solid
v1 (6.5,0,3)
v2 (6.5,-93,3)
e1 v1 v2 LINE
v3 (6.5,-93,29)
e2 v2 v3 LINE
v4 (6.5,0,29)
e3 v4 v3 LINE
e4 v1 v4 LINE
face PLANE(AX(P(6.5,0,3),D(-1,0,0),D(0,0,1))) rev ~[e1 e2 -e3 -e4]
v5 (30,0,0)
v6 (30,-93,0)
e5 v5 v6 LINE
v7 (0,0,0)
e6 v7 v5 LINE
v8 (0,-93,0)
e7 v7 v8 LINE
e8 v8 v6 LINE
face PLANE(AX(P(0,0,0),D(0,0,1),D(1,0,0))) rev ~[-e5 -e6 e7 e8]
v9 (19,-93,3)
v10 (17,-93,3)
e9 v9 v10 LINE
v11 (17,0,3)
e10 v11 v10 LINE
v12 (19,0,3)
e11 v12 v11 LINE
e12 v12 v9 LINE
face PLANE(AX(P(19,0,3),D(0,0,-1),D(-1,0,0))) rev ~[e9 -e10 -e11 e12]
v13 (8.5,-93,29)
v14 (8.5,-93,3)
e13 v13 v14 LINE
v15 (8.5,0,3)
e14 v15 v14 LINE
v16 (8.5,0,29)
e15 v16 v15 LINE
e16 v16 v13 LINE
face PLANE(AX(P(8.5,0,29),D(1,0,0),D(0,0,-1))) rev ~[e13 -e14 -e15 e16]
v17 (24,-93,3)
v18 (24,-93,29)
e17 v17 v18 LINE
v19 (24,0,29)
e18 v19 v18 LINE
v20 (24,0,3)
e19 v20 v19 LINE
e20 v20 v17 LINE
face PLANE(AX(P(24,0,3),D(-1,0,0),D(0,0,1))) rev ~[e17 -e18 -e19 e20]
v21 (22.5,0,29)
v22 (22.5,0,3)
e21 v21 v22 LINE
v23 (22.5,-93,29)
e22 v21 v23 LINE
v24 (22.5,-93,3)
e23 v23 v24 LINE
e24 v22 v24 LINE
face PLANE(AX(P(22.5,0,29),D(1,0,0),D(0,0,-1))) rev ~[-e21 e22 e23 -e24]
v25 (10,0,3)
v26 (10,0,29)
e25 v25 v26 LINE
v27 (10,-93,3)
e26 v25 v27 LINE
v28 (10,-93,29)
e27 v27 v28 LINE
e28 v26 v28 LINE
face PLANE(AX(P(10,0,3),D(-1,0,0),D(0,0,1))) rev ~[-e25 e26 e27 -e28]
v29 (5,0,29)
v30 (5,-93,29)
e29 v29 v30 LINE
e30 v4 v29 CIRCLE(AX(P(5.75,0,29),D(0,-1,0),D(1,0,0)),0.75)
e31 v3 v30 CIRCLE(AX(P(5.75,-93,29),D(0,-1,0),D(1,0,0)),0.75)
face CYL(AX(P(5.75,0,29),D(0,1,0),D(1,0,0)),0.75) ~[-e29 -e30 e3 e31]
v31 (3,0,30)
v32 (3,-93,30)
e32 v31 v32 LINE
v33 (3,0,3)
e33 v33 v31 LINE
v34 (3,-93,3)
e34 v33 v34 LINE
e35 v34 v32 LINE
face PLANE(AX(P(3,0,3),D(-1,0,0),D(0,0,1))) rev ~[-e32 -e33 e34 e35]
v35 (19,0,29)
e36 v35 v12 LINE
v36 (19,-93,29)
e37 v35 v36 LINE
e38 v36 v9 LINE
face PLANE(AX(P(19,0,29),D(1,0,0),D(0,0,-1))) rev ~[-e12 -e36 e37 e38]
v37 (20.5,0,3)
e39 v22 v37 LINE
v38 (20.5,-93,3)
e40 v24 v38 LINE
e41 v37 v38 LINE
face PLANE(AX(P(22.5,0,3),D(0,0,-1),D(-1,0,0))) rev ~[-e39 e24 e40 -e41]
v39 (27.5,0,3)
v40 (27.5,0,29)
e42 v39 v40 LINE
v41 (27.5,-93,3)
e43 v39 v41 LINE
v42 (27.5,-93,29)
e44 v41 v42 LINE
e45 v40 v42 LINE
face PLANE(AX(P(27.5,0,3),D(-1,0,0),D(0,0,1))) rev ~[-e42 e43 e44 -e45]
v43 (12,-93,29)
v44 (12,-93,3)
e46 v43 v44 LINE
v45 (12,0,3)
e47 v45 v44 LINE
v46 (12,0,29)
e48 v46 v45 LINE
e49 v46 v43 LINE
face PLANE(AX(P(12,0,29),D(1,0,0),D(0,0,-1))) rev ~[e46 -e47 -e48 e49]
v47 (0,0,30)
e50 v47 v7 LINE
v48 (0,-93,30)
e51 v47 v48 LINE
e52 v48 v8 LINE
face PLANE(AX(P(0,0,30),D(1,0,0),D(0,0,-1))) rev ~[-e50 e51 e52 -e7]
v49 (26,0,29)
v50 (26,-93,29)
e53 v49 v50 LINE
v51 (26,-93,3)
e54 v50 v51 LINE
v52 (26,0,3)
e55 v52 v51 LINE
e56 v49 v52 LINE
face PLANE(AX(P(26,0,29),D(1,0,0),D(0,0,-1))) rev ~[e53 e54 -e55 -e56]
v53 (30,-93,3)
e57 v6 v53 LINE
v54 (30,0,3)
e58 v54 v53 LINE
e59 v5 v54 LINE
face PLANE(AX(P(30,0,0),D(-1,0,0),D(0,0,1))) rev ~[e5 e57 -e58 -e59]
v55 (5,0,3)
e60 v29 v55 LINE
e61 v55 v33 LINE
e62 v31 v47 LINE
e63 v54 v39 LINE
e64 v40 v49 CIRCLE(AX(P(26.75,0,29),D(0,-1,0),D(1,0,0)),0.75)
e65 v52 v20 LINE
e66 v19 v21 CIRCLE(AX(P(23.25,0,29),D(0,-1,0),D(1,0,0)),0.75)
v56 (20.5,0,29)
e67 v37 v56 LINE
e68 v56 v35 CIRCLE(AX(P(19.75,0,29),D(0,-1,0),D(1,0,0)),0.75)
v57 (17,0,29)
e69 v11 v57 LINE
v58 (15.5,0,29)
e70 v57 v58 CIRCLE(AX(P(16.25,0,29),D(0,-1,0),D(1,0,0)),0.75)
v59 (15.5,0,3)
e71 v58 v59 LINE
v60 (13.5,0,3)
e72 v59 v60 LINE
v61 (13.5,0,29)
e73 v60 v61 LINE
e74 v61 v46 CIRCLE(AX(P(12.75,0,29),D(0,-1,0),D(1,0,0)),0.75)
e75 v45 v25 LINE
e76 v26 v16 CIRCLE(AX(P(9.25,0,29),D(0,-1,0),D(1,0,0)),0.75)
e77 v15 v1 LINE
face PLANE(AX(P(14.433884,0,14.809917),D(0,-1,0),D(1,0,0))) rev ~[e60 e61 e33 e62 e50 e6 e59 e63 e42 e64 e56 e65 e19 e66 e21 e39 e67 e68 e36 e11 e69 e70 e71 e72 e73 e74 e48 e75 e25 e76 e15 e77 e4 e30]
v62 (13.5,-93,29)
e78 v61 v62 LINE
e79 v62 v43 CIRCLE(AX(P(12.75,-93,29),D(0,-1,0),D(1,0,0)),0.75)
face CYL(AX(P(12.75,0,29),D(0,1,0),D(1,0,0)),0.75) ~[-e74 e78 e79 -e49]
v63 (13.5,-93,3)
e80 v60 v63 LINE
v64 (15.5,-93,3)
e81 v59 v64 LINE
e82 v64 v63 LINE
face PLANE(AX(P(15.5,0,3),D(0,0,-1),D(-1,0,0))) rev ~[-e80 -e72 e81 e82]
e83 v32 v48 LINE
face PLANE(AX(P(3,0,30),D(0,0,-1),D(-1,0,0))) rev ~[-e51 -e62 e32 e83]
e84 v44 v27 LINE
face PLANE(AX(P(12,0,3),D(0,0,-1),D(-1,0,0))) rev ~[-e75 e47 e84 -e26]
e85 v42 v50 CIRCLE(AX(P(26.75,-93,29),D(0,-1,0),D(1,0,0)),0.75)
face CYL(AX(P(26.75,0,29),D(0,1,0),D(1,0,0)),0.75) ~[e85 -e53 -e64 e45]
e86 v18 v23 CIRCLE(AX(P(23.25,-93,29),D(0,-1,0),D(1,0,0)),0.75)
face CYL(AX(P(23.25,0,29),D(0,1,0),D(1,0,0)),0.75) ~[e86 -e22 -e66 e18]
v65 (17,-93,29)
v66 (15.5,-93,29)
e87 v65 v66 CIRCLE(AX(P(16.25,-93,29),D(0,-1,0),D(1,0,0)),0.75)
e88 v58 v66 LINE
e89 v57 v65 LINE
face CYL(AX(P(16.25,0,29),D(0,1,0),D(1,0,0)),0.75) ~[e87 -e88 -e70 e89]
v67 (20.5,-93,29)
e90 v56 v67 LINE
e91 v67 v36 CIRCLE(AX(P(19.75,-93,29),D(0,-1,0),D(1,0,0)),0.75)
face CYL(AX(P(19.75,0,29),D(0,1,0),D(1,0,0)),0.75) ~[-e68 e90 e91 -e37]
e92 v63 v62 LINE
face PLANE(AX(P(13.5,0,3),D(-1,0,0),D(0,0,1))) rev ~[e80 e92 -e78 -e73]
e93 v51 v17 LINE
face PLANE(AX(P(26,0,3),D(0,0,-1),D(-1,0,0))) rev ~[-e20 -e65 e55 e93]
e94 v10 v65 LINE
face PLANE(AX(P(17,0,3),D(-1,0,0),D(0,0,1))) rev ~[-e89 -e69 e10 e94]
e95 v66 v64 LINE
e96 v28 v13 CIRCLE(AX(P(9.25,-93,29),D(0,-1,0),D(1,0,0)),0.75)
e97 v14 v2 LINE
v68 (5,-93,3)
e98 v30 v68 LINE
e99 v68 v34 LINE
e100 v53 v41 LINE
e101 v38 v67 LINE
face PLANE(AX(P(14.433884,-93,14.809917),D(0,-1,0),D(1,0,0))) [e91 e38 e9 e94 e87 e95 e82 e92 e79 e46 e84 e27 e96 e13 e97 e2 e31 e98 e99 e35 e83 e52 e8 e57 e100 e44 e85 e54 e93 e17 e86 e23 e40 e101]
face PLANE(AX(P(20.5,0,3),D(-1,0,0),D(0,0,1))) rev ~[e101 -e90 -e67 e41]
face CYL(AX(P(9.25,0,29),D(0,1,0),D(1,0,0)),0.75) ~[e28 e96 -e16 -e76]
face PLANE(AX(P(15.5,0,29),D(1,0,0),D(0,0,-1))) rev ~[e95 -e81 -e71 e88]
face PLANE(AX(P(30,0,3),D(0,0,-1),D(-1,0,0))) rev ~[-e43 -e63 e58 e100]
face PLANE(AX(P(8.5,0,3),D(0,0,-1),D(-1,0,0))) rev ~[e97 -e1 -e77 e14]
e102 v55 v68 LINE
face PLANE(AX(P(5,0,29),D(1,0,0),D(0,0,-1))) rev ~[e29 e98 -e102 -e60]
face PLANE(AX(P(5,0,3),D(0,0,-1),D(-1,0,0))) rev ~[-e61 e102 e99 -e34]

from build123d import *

# Parameters (mm, degrees)
F1_DEPTH = 93


with BuildPart() as f1:
    # F0 (on Front) → F1 (new body)
    with BuildSketch(Plane.XZ):
        Polygon((3, 30), (0, 30), (0, 0), (30, 0), (30, 3), (27.5, 3), (27.5, 29), (26, 29), (26, 3), (24, 3), (24, 29), (22.5, 29), (22.5, 3), (20.5, 3), (20.5, 29), (19, 29), (19, 3), (17, 3), (17, 29), (15.5, 29), (15.5, 3), (13.5, 3), (13.5, 29), (12, 29), (12, 3), (10, 3), (10, 29), (8.5, 29), (8.5, 3), (6.5, 3), (6.5, 29), (5, 29), (5, 3), (3, 3), align=None)
        with BuildLine():
            ThreePointArc((6.5, 29), (5.75, 29.75), (5, 29))
            Line((5, 29), (6.5, 29))
        make_face()
        with BuildLine():
            Line((26, 29), (27.5, 29))
            ThreePointArc((27.5, 29), (26.75, 29.75), (26, 29))
        make_face()
        with BuildLine():
            ThreePointArc((10, 29), (9.25, 29.75), (8.5, 29))
            Line((8.5, 29), (10, 29))
        make_face()
        with BuildLine():
            Line((22.5, 29), (24, 29))
            ThreePointArc((24, 29), (23.25, 29.75), (22.5, 29))
        make_face()
        with BuildLine():
            ThreePointArc((13.5, 29), (12.75, 29.75), (12, 29))
            Line((12, 29), (13.5, 29))
        make_face()
        with BuildLine():
            Line((19, 29), (20.5, 29))
            ThreePointArc((20.5, 29), (19.75, 29.75), (19, 29))
        make_face()
        with BuildLine():
            ThreePointArc((17, 29), (16.25, 29.75), (15.5, 29))
            Line((15.5, 29), (17, 29))
        make_face()
    extrude(amount=F1_DEPTH)


solid = f1.part
